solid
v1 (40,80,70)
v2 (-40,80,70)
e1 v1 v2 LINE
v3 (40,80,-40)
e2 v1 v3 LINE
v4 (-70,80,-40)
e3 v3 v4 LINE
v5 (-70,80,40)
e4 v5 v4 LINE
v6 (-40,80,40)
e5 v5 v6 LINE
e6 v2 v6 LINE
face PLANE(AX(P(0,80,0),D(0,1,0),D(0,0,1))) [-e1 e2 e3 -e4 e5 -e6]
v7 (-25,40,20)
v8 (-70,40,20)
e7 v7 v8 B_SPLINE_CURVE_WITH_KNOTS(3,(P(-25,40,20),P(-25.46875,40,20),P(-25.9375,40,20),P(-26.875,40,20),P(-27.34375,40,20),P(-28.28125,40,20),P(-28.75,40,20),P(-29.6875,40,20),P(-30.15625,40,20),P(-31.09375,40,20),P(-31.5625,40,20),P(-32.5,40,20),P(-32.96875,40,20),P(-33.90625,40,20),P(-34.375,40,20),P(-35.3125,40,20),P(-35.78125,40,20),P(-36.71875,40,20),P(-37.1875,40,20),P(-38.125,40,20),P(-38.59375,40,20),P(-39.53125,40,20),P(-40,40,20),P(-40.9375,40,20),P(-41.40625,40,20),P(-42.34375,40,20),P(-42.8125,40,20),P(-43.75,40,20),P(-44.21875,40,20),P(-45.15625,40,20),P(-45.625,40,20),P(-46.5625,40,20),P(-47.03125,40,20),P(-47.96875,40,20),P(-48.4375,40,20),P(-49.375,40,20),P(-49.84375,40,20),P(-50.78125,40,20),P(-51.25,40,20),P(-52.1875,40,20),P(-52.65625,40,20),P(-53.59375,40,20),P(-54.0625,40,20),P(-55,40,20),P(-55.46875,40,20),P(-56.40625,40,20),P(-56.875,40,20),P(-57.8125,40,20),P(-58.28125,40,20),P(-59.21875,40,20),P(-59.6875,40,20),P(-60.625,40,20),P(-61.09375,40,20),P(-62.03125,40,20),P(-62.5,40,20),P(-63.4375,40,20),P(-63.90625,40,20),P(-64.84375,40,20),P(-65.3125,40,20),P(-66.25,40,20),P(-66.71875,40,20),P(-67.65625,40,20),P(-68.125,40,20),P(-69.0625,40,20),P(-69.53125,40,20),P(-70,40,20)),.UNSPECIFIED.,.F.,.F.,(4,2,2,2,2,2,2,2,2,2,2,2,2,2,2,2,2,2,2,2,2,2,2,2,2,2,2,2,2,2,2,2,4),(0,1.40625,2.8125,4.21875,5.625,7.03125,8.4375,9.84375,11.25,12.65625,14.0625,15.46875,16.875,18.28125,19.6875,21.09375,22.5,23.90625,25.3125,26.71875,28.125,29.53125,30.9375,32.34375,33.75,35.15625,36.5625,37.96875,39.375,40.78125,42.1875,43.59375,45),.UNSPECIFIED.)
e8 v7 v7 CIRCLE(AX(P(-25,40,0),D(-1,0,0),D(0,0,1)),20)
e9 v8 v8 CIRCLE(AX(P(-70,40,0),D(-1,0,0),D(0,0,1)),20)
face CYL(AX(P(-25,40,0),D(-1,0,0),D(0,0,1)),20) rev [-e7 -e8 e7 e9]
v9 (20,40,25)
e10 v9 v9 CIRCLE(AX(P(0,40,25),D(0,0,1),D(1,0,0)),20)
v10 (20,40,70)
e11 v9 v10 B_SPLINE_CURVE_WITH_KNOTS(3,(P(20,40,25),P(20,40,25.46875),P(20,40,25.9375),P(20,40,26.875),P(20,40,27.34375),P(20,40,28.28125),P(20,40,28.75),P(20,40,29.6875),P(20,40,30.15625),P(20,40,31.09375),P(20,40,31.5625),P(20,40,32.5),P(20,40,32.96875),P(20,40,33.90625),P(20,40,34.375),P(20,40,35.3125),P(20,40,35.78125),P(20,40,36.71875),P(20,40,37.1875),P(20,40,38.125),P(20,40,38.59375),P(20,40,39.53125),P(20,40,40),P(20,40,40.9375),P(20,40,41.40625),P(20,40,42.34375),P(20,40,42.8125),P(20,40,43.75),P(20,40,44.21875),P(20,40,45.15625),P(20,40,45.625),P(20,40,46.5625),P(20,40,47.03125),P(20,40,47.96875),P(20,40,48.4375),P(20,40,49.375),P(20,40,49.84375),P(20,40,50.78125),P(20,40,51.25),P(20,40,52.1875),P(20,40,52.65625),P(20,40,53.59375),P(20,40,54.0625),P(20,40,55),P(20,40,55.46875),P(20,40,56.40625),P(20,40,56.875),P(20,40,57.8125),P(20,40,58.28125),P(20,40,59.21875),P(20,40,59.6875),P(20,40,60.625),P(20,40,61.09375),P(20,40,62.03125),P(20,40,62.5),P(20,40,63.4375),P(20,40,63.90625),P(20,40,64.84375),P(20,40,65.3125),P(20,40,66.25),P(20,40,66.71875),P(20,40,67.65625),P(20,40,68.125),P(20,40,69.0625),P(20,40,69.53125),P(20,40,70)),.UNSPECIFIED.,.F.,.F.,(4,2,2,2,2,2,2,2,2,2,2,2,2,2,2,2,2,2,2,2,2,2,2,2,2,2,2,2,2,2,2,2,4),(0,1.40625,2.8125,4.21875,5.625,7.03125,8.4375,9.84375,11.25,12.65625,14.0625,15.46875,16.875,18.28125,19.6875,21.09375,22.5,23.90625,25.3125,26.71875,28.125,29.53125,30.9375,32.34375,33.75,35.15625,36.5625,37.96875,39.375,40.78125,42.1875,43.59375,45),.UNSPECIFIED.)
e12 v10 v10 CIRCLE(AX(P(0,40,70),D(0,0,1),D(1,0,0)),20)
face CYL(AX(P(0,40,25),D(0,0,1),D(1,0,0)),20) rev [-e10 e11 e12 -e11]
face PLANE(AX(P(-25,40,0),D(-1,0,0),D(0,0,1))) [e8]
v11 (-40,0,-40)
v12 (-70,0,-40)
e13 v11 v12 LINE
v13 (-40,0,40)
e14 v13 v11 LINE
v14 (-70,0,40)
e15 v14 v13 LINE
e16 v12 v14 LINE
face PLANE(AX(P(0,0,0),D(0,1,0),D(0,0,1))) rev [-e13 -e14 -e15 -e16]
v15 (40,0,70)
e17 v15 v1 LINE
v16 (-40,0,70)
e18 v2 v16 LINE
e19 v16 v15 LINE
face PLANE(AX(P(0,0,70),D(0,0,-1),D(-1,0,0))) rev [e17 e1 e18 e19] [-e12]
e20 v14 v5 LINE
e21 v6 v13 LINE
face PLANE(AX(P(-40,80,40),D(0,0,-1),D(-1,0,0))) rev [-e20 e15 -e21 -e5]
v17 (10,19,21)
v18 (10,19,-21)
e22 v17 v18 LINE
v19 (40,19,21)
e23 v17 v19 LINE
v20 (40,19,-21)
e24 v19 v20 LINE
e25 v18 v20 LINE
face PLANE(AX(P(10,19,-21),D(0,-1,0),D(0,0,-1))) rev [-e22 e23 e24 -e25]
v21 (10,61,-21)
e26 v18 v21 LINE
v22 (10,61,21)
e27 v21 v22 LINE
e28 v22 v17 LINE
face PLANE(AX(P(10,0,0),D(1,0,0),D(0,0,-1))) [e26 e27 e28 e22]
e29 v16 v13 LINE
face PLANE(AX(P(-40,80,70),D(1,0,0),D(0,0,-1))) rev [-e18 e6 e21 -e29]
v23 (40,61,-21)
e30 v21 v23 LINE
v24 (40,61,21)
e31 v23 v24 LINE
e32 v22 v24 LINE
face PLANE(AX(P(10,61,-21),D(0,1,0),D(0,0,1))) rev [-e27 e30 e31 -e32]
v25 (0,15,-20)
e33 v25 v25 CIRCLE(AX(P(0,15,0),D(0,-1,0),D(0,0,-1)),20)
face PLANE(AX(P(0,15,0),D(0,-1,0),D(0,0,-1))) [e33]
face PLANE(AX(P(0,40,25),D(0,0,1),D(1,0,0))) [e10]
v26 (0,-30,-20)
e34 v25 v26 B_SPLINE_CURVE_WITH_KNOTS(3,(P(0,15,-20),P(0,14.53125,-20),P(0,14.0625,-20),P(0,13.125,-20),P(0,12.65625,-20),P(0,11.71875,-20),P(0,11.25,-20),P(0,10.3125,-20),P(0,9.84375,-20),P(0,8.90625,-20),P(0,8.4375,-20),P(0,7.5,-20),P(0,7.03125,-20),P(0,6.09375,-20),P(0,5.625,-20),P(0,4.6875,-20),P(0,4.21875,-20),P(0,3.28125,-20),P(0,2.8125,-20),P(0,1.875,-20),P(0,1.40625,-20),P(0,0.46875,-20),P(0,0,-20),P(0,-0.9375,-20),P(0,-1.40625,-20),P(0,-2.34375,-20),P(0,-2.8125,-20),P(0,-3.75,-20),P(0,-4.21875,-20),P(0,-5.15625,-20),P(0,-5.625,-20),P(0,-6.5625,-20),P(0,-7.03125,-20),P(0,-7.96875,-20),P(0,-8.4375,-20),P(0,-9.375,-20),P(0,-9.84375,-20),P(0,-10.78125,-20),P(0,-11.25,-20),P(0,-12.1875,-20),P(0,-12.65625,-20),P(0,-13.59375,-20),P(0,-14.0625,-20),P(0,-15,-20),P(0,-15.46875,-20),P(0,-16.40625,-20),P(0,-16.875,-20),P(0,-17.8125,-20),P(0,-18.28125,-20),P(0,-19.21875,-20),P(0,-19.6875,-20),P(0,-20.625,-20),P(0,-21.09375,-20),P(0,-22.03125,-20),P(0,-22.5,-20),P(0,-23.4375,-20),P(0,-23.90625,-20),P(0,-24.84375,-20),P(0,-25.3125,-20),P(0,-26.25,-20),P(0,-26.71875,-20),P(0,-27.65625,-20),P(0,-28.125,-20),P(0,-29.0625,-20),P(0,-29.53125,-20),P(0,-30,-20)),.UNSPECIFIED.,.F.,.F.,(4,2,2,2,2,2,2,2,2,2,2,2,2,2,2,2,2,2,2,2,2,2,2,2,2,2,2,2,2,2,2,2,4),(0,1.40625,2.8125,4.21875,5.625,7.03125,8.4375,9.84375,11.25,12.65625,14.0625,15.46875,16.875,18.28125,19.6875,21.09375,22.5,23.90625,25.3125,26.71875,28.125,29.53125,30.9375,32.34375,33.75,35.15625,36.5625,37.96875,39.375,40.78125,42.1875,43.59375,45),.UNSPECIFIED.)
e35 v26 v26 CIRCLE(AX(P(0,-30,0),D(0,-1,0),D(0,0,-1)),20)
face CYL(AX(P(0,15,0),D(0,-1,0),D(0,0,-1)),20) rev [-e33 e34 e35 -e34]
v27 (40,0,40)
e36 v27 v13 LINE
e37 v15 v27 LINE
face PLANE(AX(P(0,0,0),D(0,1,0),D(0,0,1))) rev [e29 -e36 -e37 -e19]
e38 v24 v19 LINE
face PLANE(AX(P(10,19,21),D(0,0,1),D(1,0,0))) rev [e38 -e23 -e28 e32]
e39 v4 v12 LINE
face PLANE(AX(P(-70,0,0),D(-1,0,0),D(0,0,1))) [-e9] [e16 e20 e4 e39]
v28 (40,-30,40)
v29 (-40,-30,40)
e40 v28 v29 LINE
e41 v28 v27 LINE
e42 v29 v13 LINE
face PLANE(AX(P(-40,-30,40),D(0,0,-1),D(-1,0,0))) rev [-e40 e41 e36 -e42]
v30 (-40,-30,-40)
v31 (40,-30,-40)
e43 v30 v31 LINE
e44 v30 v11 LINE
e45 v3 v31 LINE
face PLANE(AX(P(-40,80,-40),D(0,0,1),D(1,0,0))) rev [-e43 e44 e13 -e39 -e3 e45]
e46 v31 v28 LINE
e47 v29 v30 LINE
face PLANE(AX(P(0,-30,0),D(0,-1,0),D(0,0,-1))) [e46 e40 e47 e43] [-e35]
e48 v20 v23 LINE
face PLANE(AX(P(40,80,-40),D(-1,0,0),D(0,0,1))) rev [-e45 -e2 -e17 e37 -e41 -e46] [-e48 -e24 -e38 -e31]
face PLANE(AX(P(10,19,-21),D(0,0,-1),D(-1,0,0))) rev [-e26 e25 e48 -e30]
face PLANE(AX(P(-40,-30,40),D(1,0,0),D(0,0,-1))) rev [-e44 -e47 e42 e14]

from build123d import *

# Parameters (mm, degrees)
ESQUISSE2_W             = 80
ESQUISSE2_H             = 80
BOSS_EXTRU_1_DEPTH      = 80
ESQUISSE5_W             = 80
ESQUISSE5_H             = 80
BOSS_EXTRU_2_DEPTH      = 30
ESQUISSE6_W             = 80
ESQUISSE6_H             = 80
BOSS_EXTRU_3_DEPTH      = 30
ESQUISSE7_W             = 80
ESQUISSE7_H             = 80
BOSS_EXTRU_4_DEPTH      = 30
ESQUISSE8_R             = 20
ENL_V_MAT_EXTRU_1_DEPTH = 45
ESQUISSE9_R             = 20
ENL_V_MAT_EXTRU_2_DEPTH = 45
ESQUISSE10_R            = 20
ENL_V_MAT_EXTRU_3_DEPTH = 45
ESQUISSE11_W            = 42
ESQUISSE11_H            = 42
ENL_V_MAT_EXTRU_4_DEPTH = 30


with BuildPart() as part:
    # Esquisse2 → Boss.-Extru.1 (new body)
    with BuildSketch(Plane(origin=(0, 0, 0), x_dir=(1, 0, 0), z_dir=(0, 1, 0))):
        Rectangle(ESQUISSE2_W, ESQUISSE2_H)
    extrude(amount=BOSS_EXTRU_1_DEPTH)

    # Esquisse5 → Boss.-Extru.2 (add)
    with BuildSketch(Plane.ZY.offset(40)):
        with Locations((0, 40)):
            Rectangle(ESQUISSE5_W, ESQUISSE5_H)
    extrude(amount=BOSS_EXTRU_2_DEPTH)

    # Esquisse6 → Boss.-Extru.3 (add)
    with BuildSketch(Plane.XY.offset(40)):
        with Locations((0, 40)):
            Rectangle(ESQUISSE6_W, ESQUISSE6_H)
    extrude(amount=BOSS_EXTRU_3_DEPTH)

    # Esquisse7 → Boss.-Extru.4 (add)
    with BuildSketch(Plane.XZ):
        Rectangle(ESQUISSE7_W, ESQUISSE7_H)
    extrude(amount=BOSS_EXTRU_4_DEPTH)

    # Esquisse8 → Enlèv. mat.-Extru.1 (cut)
    with BuildSketch(Plane.ZY.offset(70)):
        with Locations((0, 40)):
            Circle(ESQUISSE8_R)
    extrude(amount=-ENL_V_MAT_EXTRU_1_DEPTH, mode=Mode.SUBTRACT)

    # Esquisse9 → Enlèv. mat.-Extru.2 (cut)
    with BuildSketch(Plane.XY.offset(70)):
        with Locations((0, 40)):
            Circle(ESQUISSE9_R)
    extrude(amount=-ENL_V_MAT_EXTRU_2_DEPTH, mode=Mode.SUBTRACT)

    # Esquisse10 → Enlèv. mat.-Extru.3 (cut)
    with BuildSketch(Plane.XZ.offset(30)):
        with Locations(Location((0, 0, 0), (0, 0, 270))):
            Circle(ESQUISSE10_R)
    extrude(amount=-ENL_V_MAT_EXTRU_3_DEPTH, mode=Mode.SUBTRACT)

    # Esquisse11 → Enlèv. mat.-Extru.4 (cut)
    with BuildSketch(Plane(origin=(40, 0, 0), x_dir=(0, 0, -1), z_dir=(1, 0, 0))):
        with Locations((0, 40)):
            Rectangle(ESQUISSE11_W, ESQUISSE11_H)
    extrude(amount=-ENL_V_MAT_EXTRU_4_DEPTH, mode=Mode.SUBTRACT)


solid = part.part
